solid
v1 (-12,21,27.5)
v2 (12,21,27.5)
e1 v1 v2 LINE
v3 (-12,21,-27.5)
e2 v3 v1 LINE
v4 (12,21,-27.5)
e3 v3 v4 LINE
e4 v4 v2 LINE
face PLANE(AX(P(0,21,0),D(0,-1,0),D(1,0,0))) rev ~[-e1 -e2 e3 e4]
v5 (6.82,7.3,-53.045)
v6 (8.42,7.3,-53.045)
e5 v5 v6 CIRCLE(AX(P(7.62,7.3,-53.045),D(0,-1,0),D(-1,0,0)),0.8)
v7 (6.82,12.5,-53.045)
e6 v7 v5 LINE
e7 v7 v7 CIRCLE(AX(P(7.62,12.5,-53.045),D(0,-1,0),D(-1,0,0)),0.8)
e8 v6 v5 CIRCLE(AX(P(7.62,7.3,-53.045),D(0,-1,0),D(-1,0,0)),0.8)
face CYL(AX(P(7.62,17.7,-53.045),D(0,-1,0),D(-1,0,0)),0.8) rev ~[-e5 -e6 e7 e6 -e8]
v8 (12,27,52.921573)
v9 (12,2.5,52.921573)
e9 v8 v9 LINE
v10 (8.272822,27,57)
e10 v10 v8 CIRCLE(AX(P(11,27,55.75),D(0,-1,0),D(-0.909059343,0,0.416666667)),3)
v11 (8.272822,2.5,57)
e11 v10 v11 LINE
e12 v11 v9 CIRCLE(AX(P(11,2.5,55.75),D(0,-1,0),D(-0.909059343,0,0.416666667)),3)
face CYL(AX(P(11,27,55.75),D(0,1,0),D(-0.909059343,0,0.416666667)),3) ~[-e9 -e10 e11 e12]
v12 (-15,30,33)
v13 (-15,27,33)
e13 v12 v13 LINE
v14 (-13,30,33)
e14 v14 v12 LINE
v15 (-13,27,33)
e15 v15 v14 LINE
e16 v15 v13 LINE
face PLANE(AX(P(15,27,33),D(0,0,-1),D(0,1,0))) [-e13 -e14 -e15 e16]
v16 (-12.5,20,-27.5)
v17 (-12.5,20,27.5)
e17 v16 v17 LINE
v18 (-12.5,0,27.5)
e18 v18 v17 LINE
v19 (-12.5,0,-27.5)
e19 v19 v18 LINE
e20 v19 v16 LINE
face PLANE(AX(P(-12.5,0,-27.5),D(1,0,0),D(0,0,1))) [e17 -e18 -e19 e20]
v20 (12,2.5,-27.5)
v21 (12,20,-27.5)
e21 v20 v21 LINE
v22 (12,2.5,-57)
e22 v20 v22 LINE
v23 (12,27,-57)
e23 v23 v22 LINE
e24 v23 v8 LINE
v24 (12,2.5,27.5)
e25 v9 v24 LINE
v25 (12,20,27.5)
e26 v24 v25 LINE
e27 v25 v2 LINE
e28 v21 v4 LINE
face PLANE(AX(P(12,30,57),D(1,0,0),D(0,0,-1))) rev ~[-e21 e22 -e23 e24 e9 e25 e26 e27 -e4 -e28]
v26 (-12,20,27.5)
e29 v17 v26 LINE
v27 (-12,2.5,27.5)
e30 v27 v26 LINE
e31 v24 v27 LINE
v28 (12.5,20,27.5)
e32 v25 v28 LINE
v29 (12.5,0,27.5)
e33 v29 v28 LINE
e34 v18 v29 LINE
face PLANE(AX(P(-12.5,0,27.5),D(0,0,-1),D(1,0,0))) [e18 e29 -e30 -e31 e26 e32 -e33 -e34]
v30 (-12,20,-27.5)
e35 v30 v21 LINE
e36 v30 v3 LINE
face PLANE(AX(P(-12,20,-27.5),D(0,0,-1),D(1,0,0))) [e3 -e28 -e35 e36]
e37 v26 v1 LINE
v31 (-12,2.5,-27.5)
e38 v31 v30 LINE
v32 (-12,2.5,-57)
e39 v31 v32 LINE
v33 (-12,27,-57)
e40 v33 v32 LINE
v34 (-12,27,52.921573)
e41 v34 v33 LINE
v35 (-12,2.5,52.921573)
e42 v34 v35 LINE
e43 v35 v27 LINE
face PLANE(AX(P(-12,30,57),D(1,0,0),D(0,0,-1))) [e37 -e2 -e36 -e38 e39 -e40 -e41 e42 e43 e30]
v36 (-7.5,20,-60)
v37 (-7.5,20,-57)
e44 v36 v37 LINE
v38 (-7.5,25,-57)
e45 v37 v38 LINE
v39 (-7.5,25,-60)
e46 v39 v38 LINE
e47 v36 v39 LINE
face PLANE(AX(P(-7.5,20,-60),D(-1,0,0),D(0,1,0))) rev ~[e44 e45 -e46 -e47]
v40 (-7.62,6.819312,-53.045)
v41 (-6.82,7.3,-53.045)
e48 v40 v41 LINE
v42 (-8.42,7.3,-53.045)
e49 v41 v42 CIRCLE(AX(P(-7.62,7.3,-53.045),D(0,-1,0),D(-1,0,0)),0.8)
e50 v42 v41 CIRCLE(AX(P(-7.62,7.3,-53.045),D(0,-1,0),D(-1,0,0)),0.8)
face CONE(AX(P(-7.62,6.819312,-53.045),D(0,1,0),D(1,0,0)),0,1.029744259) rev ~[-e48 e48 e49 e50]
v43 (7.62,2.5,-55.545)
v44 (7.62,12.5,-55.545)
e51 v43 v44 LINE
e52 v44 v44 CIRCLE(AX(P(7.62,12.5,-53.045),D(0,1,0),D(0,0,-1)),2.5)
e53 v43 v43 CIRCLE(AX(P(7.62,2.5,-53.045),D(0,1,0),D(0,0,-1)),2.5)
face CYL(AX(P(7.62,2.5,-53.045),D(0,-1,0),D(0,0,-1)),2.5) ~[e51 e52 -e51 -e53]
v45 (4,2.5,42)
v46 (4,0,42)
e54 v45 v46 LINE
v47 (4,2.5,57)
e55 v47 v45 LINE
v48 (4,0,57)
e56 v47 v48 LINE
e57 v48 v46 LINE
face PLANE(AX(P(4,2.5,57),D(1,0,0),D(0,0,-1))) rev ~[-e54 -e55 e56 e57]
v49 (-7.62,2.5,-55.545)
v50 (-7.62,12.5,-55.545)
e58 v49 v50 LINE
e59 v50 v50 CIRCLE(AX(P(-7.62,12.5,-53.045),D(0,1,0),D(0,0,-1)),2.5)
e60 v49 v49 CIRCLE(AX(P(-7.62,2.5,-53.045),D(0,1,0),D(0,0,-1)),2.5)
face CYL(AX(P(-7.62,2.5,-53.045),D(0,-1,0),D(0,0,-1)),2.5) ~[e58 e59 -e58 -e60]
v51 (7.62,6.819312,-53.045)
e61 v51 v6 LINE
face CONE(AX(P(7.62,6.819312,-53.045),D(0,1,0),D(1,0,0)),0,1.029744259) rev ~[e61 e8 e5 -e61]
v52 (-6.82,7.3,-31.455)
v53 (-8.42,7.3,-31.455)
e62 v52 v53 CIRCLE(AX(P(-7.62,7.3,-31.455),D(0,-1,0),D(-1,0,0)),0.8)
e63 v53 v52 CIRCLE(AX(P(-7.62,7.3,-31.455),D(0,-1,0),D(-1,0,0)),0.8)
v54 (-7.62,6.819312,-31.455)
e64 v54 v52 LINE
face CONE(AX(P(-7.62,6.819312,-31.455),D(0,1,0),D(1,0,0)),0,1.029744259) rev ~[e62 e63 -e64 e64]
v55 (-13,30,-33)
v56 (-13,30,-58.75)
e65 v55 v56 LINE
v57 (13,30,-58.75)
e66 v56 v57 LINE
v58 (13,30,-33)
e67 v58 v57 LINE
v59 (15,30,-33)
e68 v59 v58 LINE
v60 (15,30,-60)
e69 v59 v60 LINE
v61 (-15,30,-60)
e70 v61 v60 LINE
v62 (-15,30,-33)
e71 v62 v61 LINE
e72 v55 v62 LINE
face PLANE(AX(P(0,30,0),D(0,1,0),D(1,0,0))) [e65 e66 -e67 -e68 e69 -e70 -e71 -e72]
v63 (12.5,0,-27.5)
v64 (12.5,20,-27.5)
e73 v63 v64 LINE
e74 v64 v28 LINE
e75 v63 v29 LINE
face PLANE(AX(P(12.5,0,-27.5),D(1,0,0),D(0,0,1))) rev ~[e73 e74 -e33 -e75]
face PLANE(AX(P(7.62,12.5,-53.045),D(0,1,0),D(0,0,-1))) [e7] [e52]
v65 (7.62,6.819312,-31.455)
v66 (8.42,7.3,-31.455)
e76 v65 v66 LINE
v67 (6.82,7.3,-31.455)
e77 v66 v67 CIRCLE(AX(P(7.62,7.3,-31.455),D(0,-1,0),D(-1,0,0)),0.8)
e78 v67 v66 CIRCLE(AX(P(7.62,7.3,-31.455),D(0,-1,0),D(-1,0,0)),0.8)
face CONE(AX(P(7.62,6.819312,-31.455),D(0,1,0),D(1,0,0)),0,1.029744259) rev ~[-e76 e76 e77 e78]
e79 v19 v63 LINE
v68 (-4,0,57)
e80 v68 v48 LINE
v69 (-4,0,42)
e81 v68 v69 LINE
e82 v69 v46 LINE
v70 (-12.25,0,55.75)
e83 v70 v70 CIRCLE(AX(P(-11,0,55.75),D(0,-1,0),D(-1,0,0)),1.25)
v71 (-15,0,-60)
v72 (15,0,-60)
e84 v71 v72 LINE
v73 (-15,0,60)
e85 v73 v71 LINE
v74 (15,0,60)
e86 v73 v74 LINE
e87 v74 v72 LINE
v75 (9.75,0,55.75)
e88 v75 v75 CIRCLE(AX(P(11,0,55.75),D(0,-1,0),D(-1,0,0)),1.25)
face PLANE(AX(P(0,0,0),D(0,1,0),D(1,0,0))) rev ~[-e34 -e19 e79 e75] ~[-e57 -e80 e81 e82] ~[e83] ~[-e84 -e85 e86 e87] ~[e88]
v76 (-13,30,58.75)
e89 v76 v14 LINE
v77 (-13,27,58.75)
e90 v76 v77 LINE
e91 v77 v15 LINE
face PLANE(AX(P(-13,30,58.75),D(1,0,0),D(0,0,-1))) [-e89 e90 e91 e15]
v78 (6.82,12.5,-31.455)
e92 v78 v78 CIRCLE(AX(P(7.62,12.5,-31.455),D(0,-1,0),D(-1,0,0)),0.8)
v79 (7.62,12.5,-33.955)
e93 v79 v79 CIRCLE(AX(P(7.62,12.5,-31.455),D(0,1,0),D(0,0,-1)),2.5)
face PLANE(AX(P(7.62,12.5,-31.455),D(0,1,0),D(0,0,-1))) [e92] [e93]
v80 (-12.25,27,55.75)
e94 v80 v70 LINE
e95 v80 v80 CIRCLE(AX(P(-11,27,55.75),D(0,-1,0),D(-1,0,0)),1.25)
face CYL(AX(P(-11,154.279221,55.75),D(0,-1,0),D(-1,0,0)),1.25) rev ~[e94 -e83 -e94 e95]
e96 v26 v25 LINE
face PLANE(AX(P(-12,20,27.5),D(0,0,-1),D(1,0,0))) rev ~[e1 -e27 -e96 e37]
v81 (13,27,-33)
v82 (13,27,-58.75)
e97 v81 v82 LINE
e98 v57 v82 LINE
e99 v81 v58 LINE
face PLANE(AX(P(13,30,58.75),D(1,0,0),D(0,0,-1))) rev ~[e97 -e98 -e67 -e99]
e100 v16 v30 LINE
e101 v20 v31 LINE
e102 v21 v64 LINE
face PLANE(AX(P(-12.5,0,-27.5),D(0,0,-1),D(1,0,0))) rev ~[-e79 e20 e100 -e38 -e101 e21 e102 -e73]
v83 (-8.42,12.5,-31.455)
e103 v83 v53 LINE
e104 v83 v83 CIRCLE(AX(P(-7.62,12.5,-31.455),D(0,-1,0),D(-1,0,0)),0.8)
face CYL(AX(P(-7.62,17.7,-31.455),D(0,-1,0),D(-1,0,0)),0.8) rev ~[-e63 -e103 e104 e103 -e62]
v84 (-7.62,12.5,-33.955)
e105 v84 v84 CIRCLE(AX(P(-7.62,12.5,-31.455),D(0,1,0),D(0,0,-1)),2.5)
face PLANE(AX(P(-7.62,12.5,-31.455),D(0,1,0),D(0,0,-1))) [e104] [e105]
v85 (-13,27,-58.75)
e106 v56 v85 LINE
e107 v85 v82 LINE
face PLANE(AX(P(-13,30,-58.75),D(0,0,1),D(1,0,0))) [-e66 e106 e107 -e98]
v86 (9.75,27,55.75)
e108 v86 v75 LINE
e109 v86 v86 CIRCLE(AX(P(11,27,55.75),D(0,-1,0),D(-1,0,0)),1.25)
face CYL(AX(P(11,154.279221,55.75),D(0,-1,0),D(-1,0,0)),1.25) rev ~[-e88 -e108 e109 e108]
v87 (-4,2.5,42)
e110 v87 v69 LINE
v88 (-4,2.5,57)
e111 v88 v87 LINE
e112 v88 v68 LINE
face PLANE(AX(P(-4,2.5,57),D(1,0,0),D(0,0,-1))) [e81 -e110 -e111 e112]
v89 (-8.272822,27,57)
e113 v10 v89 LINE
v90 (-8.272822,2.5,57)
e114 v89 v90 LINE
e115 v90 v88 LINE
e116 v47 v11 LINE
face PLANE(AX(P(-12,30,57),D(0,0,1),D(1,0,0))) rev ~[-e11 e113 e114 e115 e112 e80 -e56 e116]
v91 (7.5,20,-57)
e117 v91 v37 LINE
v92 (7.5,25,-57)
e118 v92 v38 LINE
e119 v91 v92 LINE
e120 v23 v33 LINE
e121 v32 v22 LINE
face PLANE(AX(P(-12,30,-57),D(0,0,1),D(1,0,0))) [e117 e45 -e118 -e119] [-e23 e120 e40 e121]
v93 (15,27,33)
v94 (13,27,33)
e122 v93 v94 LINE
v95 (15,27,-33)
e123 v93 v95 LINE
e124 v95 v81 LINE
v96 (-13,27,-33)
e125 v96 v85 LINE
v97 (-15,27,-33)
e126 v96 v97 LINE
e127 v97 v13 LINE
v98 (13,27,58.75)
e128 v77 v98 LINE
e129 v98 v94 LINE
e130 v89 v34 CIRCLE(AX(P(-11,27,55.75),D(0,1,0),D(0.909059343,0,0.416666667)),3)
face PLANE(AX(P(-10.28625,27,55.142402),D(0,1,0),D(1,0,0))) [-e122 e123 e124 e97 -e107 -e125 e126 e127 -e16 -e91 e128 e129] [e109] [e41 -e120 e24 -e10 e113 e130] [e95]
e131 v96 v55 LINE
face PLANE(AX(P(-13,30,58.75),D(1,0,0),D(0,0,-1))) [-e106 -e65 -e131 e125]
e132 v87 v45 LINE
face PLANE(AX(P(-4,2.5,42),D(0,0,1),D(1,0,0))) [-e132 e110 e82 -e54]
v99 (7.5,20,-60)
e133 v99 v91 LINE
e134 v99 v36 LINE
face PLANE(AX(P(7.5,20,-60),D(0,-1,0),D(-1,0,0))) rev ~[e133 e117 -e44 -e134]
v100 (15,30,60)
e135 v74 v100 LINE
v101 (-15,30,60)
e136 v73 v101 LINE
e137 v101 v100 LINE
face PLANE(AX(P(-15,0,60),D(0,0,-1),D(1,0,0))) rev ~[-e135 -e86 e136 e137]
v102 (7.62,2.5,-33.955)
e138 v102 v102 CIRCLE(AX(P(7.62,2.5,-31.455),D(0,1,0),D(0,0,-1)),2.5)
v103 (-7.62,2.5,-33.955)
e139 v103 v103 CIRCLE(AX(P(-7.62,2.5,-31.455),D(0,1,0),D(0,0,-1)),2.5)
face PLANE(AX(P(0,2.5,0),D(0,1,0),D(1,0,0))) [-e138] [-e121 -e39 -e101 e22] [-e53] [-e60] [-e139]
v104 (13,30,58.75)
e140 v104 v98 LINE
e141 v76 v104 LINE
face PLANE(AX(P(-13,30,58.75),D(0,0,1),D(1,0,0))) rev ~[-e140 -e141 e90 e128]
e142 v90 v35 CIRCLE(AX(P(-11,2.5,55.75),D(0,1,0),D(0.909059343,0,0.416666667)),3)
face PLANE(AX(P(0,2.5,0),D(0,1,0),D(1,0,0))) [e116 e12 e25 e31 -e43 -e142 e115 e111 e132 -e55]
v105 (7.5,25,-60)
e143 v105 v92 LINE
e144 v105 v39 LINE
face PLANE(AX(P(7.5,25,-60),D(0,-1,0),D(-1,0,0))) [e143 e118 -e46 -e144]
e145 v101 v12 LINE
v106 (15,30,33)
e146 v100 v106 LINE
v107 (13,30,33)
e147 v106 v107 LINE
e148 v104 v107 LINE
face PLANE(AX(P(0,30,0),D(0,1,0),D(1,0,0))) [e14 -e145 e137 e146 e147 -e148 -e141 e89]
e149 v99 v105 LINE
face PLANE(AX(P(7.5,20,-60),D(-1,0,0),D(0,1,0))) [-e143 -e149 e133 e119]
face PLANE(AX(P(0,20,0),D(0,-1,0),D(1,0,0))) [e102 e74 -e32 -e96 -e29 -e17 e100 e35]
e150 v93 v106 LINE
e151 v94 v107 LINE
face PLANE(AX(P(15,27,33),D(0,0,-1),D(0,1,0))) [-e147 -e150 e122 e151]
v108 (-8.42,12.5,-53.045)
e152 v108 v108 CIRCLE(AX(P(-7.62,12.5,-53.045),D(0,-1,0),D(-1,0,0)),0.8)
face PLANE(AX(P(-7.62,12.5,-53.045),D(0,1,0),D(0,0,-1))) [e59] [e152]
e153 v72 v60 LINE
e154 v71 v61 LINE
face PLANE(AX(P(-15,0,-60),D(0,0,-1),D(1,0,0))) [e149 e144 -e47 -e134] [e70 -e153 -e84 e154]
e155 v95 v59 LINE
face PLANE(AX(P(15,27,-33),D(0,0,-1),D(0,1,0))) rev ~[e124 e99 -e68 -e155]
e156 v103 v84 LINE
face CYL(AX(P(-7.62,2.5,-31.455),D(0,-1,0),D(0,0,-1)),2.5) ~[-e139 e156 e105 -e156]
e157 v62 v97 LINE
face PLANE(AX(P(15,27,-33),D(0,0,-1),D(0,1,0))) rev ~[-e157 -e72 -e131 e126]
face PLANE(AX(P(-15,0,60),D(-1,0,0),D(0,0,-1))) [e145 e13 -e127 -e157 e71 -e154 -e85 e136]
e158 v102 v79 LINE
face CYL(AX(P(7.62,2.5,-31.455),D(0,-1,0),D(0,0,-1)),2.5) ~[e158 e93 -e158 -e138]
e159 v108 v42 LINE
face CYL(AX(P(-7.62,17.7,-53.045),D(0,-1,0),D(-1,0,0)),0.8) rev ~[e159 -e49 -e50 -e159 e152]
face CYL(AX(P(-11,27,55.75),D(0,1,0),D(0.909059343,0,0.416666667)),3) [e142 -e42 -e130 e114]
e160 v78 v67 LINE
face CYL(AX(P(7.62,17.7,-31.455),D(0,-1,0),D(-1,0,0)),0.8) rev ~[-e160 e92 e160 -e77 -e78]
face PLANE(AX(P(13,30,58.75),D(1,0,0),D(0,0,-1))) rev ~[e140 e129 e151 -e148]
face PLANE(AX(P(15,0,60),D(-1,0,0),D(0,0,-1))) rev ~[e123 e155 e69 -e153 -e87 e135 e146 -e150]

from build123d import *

# Parameters (mm, degrees)
SKETCH1_W                   = 30
SKETCH1_H                   = 120
BOSS_EXTRUDE1_DEPTH         = 30
SKETCH3_W                   = 24
SKETCH3_H                   = 114
CUT_EXTRUDE1_DEPTH          = 27.5
SKETCH4_W                   = 26
SKETCH4_H                   = 117.5
CUT_EXTRUDE2_DEPTH          = 3
SKETCH5_W                   = 66
SKETCH5_H                   = 3
CUT_EXTRUDE3_DEPTH          = 74.484692283
SKETCH6_W                   = 25
SKETCH6_H                   = 55
CUT_EXTRUDE4_DEPTH          = 20
SKETCH8_W                   = 24
SKETCH8_H                   = 55
BOSS_EXTRUDE2_DEPTH         = 1
SKETCH9_W                   = 15
SKETCH9_H                   = 5
CUT_EXTRUDE5_DEPTH          = 3
SKETCH10_R                  = 2.5
BOSS_EXTRUDE3_DEPTH         = 10
BOSS_EXTRUDE4_DEPTH         = 24.5
M2X0_4_TAPPED_HOLE1_D       = 1.6
M2X0_4_TAPPED_HOLE1_DEPTH   = 5.2
M2X0_4_TAPPED_HOLE1_TIP     = 0.480688495
TAP_DRILL_FOR_M3X0_5_TAP2_D = 2.5
SKETCH22_W                  = 8
SKETCH22_H                  = 15
CUT_EXTRUDE6_DEPTH          = 68.684931853


with BuildPart() as part:
    # Sketch1 → Boss-Extrude1 (new body)
    with BuildSketch(Plane(origin=(0, 0, 0), x_dir=(1, 0, 0), z_dir=(0, 1, 0))):
        Rectangle(SKETCH1_W, SKETCH1_H)
    extrude(amount=BOSS_EXTRUDE1_DEPTH)

    # Sketch3 → Cut-Extrude1 (cut)
    with BuildSketch(Plane(origin=(0, 30, 0), x_dir=(1, 0, 0), z_dir=(0, 1, 0))):
        Rectangle(SKETCH3_W, SKETCH3_H)
    extrude(amount=-CUT_EXTRUDE1_DEPTH, mode=Mode.SUBTRACT)

    # Sketch4 → Cut-Extrude2 (cut)
    with BuildSketch(Plane(origin=(0, 30, 0), x_dir=(1, 0, 0), z_dir=(0, 1, 0))):
        Rectangle(SKETCH4_W, SKETCH4_H)
    extrude(amount=-CUT_EXTRUDE2_DEPTH, mode=Mode.SUBTRACT)

    # Sketch5 → Cut-Extrude3 (cut, through all)
    with BuildSketch(Plane(origin=(15, 0, 0), x_dir=(0, 0, -1), z_dir=(1, 0, 0))):
        with Locations((0, 28.5)):
            Rectangle(SKETCH5_W, SKETCH5_H)
    extrude(amount=-CUT_EXTRUDE3_DEPTH, mode=Mode.SUBTRACT)

    # Sketch6 → Cut-Extrude4 (cut)
    with BuildSketch(Plane.XZ):
        Rectangle(SKETCH6_W, SKETCH6_H)
    extrude(amount=-CUT_EXTRUDE4_DEPTH, mode=Mode.SUBTRACT)

    # Sketch8 → Boss-Extrude2 (add)
    with BuildSketch(Plane.XZ.offset(-20)):
        Rectangle(SKETCH8_W, SKETCH8_H)
    extrude(amount=-BOSS_EXTRUDE2_DEPTH)

    # Sketch9 → Cut-Extrude5 (cut)
    with BuildSketch(Plane(origin=(0, 0, -60), x_dir=(-1, 0, 0), z_dir=(0, 0, -1))):
        with Locations((0, 22.5)):
            Rectangle(SKETCH9_W, SKETCH9_H)
    extrude(amount=-CUT_EXTRUDE5_DEPTH, mode=Mode.SUBTRACT)

    # Sketch10 → Boss-Extrude3 (add)
    with BuildSketch(Plane(origin=(0, 2.5, 0), x_dir=(1, 0, 0), z_dir=(0, 1, 0))):
        with Locations(Location((-7.62, 31.455, 0), (0, 0, 90))):
            Circle(SKETCH10_R)
        with Locations(Location((-7.62, 53.045, 0), (0, 0, 90))):
            Circle(SKETCH10_R)
        with Locations(Location((7.62, 53.045, 0), (0, 0, 90))):
            Circle(SKETCH10_R)
        with Locations(Location((7.62, 31.455, 0), (0, 0, 90))):
            Circle(SKETCH10_R)
    extrude(amount=BOSS_EXTRUDE3_DEPTH)

    # Sketch13 → Boss-Extrude4 (add)
    with BuildSketch(Plane(origin=(0, 27, 0), x_dir=(1, 0, 0), z_dir=(0, 1, 0))):
        with BuildLine():
            Line((-12, -52.921572875), (-12, -57))
            Line((-12, -57), (-8.272821971, -57))
            ThreePointArc((-8.272821971, -57), (-8.785462139, -53.726186258), (-12, -52.921572875))
        make_face()
        with BuildLine():
            Line((12, -57), (8.272821971, -57))
            ThreePointArc((8.272821971, -57), (8.785462139, -53.726186258), (12, -52.921572875))
            Line((12, -52.921572875), (12, -57))
        make_face()
    extrude(amount=-BOSS_EXTRUDE4_DEPTH)

    # M2x0.4 Tapped Hole1
    with Locations(Plane(origin=(0, 12.5, 0), x_dir=(1, 0, 0), z_dir=(0, 1, 0))):
        with Locations((-7.62, 31.455), (-7.62, 53.045), (7.62, 53.045), (7.62, 31.455)):
            Hole(M2X0_4_TAPPED_HOLE1_D / 2, depth=M2X0_4_TAPPED_HOLE1_DEPTH)
            with Locations((0, 0, -(M2X0_4_TAPPED_HOLE1_DEPTH + M2X0_4_TAPPED_HOLE1_TIP / 2))):  # 118° drill point
                Cone(0, M2X0_4_TAPPED_HOLE1_D / 2, M2X0_4_TAPPED_HOLE1_TIP, mode=Mode.SUBTRACT)

    # Tap Drill for M3x0.5 Tap2 (through all)
    with Locations(Plane(origin=(0, 27, 0), x_dir=(1, 0, 0), z_dir=(0, 1, 0))):
        with Locations((-11, -55.75), (11, -55.75)):
            Hole(TAP_DRILL_FOR_M3X0_5_TAP2_D / 2)

    # Sketch22 → Cut-Extrude6 (cut, through all)
    with BuildSketch(Plane(origin=(0, 2.5, 0), x_dir=(1, 0, 0), z_dir=(0, 1, 0))):
        with Locations((0, -49.5)):
            Rectangle(SKETCH22_W, SKETCH22_H)
    extrude(amount=-CUT_EXTRUDE6_DEPTH, mode=Mode.SUBTRACT)


solid = part.part
